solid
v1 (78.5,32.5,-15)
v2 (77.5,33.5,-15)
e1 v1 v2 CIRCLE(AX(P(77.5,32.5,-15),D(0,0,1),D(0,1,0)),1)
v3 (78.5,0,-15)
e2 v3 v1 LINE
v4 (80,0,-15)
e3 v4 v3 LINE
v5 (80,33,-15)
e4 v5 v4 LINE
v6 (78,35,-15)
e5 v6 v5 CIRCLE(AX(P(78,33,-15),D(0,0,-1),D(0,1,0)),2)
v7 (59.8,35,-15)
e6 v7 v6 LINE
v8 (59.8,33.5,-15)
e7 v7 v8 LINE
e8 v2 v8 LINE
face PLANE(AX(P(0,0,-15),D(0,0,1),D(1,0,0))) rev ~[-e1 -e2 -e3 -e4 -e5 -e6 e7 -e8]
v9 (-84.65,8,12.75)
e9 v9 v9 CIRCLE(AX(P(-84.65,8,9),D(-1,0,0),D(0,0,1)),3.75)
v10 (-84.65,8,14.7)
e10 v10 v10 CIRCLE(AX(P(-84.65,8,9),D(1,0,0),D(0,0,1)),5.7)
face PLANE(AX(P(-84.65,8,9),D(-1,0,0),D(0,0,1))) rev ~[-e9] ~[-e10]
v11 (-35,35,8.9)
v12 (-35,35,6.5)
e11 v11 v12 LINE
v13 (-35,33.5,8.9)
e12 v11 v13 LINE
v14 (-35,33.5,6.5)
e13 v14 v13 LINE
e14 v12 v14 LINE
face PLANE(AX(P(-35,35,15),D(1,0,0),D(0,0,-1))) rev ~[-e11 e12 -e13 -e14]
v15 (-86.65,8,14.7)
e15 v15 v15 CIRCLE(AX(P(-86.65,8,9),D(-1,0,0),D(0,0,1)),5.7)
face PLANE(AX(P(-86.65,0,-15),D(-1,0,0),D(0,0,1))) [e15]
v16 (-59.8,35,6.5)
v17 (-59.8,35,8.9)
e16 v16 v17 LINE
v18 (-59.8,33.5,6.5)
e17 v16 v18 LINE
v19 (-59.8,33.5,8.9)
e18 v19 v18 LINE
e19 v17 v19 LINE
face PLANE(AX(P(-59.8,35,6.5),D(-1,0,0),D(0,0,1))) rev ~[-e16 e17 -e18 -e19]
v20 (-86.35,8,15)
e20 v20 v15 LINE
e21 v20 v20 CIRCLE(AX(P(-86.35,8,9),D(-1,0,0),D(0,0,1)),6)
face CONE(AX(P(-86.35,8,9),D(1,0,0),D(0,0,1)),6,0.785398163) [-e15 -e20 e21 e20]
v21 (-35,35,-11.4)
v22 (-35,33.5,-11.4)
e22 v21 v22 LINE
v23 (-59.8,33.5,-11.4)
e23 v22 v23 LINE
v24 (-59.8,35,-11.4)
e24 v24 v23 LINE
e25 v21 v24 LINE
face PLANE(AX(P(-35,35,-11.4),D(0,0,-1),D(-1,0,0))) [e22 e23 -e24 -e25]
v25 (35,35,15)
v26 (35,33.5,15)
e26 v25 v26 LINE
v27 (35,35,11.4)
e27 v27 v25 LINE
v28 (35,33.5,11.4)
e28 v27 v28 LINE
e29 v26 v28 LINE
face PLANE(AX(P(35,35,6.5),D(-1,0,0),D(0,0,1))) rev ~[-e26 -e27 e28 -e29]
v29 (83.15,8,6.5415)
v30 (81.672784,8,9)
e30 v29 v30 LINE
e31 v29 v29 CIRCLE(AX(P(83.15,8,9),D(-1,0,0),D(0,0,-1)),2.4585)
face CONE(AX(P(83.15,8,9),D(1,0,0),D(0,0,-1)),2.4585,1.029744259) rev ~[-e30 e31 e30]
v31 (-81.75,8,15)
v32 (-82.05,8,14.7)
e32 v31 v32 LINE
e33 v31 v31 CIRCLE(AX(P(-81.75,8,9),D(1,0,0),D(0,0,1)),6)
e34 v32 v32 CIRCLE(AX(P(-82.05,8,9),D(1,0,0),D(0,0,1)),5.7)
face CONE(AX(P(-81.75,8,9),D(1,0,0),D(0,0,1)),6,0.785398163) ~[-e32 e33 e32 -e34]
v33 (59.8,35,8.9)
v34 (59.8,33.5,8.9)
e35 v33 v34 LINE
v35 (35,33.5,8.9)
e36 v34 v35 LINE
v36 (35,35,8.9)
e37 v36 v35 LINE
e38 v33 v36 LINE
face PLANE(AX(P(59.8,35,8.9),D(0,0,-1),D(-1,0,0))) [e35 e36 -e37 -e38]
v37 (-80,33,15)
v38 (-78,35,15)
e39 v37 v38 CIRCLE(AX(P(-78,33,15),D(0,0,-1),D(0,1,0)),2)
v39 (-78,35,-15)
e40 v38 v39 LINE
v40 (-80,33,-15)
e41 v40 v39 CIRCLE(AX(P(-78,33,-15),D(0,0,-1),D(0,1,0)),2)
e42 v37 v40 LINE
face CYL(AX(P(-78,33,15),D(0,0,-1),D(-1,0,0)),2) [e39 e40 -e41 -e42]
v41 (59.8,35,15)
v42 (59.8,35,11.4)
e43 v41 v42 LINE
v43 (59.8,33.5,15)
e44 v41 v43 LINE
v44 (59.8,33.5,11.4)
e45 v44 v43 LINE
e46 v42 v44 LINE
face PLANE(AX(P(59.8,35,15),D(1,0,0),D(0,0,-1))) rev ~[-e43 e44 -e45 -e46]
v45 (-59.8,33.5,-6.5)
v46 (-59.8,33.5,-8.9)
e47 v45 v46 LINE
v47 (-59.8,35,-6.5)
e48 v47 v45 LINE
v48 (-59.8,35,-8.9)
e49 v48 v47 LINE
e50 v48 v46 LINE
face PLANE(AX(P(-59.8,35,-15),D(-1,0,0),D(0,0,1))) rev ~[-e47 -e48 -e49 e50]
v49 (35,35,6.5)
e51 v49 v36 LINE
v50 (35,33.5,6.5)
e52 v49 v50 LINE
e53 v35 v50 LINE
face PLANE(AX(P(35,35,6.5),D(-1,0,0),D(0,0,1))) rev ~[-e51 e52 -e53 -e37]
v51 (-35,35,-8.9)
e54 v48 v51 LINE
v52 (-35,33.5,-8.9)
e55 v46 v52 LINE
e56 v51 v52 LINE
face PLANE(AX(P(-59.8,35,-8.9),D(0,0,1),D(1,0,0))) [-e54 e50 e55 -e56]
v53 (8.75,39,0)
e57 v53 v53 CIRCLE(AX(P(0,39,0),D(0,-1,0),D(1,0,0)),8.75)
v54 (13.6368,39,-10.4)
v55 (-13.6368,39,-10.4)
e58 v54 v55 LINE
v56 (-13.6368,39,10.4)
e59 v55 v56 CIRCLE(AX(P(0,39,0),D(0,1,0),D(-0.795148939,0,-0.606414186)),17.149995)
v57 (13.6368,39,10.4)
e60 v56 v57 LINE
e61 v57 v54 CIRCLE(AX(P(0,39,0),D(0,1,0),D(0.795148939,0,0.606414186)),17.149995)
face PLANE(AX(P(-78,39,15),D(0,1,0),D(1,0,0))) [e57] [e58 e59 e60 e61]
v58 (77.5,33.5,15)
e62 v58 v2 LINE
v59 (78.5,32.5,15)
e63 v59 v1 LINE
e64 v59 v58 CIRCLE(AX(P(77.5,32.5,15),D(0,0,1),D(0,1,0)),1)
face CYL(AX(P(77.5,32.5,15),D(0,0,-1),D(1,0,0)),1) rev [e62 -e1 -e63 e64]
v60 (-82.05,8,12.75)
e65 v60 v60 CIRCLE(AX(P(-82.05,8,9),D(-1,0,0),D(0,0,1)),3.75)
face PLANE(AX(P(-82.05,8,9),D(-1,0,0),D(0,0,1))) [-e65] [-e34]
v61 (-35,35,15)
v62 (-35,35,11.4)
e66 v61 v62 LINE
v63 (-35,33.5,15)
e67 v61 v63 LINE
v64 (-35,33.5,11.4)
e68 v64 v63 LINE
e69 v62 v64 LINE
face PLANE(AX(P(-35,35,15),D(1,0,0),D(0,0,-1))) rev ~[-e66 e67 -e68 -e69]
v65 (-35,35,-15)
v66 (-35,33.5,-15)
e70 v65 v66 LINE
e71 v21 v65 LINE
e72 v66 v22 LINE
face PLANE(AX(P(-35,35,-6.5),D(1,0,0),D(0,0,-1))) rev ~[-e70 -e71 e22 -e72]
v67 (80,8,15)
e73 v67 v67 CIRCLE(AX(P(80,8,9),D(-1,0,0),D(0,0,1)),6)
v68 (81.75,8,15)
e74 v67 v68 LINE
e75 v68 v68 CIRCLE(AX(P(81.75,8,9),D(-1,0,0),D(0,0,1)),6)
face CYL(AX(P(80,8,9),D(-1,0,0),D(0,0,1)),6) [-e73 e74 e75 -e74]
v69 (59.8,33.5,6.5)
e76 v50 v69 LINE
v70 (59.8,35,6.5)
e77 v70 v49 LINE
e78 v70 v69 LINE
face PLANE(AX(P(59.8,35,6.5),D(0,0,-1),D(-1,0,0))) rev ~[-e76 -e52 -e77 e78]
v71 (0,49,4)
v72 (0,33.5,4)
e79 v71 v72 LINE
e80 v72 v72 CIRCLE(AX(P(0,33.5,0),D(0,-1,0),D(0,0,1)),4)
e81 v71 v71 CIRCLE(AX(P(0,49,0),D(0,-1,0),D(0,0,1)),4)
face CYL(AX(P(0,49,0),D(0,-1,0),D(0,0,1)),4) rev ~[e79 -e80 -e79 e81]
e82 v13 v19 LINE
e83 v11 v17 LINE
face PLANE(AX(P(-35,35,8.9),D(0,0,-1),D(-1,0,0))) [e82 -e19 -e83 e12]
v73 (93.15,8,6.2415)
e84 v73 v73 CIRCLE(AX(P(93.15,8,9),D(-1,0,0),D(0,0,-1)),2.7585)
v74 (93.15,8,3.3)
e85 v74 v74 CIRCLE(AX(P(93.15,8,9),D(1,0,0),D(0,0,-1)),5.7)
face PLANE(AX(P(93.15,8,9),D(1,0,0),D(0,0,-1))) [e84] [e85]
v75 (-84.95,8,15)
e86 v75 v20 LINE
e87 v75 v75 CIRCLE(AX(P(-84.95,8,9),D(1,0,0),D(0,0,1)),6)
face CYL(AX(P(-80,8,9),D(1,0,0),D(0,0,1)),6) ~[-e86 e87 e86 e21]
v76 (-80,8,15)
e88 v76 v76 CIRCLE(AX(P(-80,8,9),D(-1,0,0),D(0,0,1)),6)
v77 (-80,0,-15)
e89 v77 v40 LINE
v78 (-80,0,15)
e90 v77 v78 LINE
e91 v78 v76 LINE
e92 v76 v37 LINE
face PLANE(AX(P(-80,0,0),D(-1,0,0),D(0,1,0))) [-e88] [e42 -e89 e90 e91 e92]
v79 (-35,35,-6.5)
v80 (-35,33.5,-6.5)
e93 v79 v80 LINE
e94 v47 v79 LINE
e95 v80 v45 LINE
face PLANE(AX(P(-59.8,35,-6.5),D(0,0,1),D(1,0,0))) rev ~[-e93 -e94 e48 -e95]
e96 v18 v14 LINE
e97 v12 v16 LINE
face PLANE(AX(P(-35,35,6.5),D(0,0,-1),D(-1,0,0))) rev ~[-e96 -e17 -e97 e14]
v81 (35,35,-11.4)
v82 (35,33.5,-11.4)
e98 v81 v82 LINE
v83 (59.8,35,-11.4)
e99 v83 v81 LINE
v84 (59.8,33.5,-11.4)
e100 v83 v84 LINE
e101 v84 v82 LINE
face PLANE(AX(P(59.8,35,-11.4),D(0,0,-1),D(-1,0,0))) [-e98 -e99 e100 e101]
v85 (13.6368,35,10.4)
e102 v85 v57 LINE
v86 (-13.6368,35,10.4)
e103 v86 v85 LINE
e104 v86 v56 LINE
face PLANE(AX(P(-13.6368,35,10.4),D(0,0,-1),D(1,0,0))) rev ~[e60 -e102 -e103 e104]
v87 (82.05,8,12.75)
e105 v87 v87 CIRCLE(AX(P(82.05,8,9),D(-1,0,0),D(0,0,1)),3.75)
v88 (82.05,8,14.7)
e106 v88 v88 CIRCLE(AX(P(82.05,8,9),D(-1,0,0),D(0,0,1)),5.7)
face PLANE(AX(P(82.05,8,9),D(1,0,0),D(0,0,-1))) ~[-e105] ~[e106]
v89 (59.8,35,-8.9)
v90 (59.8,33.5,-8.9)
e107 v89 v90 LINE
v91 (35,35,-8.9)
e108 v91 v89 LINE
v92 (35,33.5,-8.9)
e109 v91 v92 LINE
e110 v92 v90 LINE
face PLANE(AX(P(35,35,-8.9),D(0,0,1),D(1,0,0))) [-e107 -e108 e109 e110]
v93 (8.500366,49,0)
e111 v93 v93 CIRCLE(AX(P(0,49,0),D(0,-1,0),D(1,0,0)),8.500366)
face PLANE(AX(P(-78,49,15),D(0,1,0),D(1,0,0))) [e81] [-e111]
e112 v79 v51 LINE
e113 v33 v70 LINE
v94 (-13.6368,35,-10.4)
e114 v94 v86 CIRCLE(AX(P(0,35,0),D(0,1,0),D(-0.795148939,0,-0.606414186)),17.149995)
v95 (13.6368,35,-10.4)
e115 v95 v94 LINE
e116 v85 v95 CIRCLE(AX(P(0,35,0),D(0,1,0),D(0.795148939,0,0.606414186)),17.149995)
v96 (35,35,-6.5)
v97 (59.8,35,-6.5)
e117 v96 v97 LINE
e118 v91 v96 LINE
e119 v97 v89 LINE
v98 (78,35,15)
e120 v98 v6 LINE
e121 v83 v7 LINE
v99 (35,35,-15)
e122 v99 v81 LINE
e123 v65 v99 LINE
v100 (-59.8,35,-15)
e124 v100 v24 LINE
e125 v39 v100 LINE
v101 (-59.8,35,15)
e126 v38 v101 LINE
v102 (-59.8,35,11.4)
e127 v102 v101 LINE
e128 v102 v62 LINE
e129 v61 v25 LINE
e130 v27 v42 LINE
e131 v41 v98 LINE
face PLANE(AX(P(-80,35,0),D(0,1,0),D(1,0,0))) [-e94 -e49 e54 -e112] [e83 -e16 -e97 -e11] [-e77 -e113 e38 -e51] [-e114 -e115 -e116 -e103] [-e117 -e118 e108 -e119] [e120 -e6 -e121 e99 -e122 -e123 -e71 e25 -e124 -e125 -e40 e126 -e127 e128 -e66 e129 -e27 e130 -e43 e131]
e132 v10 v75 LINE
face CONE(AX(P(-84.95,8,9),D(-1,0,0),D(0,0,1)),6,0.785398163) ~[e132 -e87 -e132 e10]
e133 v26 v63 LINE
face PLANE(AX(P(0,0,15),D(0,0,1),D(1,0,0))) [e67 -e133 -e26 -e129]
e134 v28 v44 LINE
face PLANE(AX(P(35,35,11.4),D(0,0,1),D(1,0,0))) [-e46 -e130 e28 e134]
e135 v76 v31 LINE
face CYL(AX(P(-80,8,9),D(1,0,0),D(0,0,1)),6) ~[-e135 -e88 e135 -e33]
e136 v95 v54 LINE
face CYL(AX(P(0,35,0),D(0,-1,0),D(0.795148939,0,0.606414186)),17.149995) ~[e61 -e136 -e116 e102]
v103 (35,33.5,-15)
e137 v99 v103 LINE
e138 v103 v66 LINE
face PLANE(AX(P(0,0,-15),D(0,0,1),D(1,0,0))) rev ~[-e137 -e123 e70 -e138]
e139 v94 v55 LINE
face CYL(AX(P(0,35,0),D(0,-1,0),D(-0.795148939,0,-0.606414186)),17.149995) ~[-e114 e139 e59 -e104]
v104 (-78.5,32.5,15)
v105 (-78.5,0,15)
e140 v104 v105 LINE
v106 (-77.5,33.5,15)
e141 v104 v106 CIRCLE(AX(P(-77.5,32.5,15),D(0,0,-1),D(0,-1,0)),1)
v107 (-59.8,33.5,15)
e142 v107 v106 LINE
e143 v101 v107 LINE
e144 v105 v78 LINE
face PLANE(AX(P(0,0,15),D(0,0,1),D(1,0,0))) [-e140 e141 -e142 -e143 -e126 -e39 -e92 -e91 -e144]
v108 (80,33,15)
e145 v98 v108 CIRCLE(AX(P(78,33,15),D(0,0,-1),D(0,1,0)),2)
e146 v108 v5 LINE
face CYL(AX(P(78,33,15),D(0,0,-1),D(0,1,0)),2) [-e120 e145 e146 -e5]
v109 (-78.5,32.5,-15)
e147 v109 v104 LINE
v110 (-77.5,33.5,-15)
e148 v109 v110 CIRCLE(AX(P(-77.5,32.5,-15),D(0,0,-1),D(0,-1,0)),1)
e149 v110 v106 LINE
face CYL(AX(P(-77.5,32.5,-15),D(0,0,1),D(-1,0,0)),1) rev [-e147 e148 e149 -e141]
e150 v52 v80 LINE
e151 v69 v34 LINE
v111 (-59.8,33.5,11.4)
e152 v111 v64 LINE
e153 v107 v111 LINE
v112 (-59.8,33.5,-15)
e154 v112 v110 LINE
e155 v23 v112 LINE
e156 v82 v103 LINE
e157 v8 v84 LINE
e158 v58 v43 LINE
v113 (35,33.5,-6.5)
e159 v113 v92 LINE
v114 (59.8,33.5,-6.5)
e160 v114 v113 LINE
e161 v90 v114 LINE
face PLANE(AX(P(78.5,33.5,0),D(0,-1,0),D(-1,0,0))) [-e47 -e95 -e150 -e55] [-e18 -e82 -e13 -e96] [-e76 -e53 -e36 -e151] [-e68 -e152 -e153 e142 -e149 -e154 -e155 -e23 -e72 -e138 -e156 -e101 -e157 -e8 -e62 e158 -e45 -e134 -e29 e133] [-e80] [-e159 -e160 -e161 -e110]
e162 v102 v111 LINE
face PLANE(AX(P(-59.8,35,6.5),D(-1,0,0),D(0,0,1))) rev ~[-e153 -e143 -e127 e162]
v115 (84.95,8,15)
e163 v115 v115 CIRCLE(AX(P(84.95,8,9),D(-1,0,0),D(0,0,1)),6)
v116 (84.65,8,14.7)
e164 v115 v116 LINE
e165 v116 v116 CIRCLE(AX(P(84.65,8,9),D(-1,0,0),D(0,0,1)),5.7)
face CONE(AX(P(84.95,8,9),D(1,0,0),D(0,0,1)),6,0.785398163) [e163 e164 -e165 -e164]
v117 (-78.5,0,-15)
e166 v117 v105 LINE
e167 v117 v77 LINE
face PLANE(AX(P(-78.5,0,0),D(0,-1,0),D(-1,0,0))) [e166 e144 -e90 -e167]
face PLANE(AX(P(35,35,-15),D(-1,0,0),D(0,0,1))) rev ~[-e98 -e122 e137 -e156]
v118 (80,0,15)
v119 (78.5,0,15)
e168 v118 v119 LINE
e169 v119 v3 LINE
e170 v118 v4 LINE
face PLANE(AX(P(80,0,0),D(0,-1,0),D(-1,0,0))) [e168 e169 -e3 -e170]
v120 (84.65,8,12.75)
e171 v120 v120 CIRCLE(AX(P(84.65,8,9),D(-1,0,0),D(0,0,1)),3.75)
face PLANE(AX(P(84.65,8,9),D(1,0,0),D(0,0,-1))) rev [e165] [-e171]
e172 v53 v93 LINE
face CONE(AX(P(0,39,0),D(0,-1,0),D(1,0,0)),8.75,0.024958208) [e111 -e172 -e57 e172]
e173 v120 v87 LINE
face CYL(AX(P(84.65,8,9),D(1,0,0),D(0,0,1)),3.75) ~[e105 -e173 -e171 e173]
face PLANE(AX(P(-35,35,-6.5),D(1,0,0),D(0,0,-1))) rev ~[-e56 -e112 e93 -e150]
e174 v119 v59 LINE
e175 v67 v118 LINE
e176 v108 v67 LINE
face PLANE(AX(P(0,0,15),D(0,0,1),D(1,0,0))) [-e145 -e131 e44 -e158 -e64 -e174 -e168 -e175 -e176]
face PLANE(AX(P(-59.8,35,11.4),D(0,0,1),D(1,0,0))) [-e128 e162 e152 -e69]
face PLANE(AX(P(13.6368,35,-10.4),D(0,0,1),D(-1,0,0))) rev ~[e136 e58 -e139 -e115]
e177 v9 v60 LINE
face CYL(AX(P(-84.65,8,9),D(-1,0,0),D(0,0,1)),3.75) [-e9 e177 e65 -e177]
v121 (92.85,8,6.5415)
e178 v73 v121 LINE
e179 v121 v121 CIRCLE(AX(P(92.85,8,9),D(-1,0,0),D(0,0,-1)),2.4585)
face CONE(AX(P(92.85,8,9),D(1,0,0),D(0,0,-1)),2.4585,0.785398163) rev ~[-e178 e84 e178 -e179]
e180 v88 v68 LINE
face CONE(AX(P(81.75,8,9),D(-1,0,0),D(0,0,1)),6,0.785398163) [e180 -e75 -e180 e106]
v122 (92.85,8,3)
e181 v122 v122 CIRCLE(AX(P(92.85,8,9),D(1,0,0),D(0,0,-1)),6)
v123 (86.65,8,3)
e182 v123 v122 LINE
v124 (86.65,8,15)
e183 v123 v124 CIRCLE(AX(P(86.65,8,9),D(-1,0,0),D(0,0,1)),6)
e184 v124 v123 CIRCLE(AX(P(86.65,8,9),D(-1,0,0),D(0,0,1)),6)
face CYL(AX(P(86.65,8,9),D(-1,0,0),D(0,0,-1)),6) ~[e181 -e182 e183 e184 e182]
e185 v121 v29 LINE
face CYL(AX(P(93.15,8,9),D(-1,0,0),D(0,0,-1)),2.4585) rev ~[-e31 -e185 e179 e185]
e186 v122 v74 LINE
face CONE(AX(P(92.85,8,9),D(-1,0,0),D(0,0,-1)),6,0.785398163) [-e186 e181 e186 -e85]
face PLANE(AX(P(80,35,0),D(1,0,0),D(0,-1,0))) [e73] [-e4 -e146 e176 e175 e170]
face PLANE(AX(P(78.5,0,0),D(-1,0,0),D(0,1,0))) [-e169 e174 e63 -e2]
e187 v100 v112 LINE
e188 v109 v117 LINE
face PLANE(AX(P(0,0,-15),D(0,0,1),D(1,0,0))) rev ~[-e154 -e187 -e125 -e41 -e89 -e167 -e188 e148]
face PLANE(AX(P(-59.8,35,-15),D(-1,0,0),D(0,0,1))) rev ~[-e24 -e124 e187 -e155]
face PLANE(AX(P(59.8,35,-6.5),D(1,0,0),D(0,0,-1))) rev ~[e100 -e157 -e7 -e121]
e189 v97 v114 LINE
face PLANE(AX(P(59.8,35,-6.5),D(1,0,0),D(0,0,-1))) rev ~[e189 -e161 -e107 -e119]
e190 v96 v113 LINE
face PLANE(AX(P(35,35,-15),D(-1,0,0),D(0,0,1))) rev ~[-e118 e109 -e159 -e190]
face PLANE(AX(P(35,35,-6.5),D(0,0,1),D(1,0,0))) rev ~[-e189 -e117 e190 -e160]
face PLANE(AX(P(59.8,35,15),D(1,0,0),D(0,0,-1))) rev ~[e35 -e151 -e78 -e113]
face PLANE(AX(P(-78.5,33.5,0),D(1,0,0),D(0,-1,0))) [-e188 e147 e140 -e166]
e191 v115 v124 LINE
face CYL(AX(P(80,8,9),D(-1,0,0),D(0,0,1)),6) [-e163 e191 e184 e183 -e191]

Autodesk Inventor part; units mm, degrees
sketch "Esquisse1" plane through (0, 0, 0) normal (0, 0, 1) x (1, 0, 0)
  line L0 (-80, 0) -> (-80, 35)
  line L1 (-80, 35) -> (80, 35)
  line L2 (80, 35) -> (80, 0)
  line L3 (80, 0) -> (78.5, 0)
  line L4 (78.5, 0) -> (78.5, 33.5)
  line L5 (78.5, 33.5) -> (-78.5, 33.5)
  line L6 (-78.5, 33.5) -> (-78.5, 0)
  line L7 (-78.5, 0) -> (-80, 0)
  point P0 (0, 0)
  point P1 (-79.25, 0)
  point P2 (0, 35)
  point P3 (0, 33.5)
  dimension "d0" = 1.5
  dimension "d1" = 1.5
  dimension "d2" = 160
  dimension "d3" = 35
extrude "Extrusion1" add sketch "Esquisse1" along normal mid plane 30
fillet "Congé1" radius 2 2 edges at (80, 35, 0) (-80, 35, 0)
fillet "Congé1" radius 1 2 edges at (-78.5, 33.5, 0) (78.5, 33.5, 0)
sketch "Esquisse2" plane through (-78, 35, 15) normal (0, 1, 0) x (1, 0, 0)
  line L0 (64.3632, 4.6) -> (91.6368, 4.6)
  line L1 (91.6368, 25.4) -> (64.3632, 25.4)
  arc A0 (64.3632, 25.4) -> (64.3632, 4.6) centre (78, 15) ccw
  arc A1 (91.6368, 4.6) -> (91.6368, 25.4) centre (78, 15) ccw
  point P0 (102.0926, 15)
  dimension "d9" = 20.8
  dimension "d10" = 17.15
  dimension "d11" = 17.15
  dimension "d12" = 10.4
extrude "Extrusion2" add sketch "Esquisse2" along normal blind 4
sketch "Esquisse3" plane through (-78, 39, 15) normal (0, 1, 0) x (1, 0, 0)
  circle A0 centre (78, 15) radius 8.75
  dimension "d15" = 17.5
extrude "Extrusion3" add sketch "Esquisse3" along normal blind 10 draft -1.43
sketch "Esquisse6" plane through (-80, 0, -15) normal (-1, 0, 0) x (0, 0, 1)
  circle A0 centre (24, 8) radius 6
  line L0 (30, 33) -> (30, 0) projected
  point P0 (15, 0)
  dimension "d20" = 12
  dimension "d21" = 8
extrude "Extrusion4" add sketch "Esquisse6" along normal blind 6.65
ref_plane "Plan de construction4" through (-84.65, 8, 9) normal (-1, 0, 0) x (0, 0, 1)
sketch "Esquisse7" plane through (-84.65, 8, 9) normal (-1, 0, 0) x (0, 0, 1)
  circle A0 centre (0, 0) radius 6 construction
  circle A1 centre (0, 0) radius 3.75
  circle A2 centre (0, 0) radius 7
  point P0 (-9, -8)
  point P1 (6, 0)
  dimension "d25" = 7.5
  dimension "d26" = 1
extrude "Extrusion5" cut sketch "Esquisse7" against normal blind 2.6
mirror "Symétrie2" about plane through (0, 0, 0) normal (1, 0, 0) of "Extrusion4", "Extrusion5"
sketch "Esquisse8" plane through (-78, 35, 15) normal (0, 1, 0) x (1, 0, 0)
  line L0 (18.2, 21.5) -> (43, 21.5)
  line L1 (43, 21.5) -> (43, 30)
  line L2 (43, 30) -> (18.2, 30)
  line L3 (18.2, 30) -> (18.2, 21.5)
  line L4 (113, 21.5) -> (137.8, 21.5)
  line L5 (137.8, 21.5) -> (137.8, 30)
  line L6 (137.8, 30) -> (113, 30)
  line L7 (113, 30) -> (113, 21.5)
  line L8 (113, 0) -> (137.8, 0)
  line L9 (137.8, 0) -> (137.8, 8.5)
  line L10 (137.8, 8.5) -> (113, 8.5)
  line L11 (113, 8.5) -> (113, 0)
  line L12 (18.2, 0) -> (43, 0)
  line L13 (43, 0) -> (43, 8.5)
  line L14 (43, 8.5) -> (18.2, 8.5)
  line L15 (18.2, 8.5) -> (18.2, 0)
  line L16 (0, 30) -> (156, 30) projected
  line L17 (156, 0) -> (0, 0) projected
  point P0 (78, 15)
  dimension "d32" = 24.8
  dimension "d33" = 24.8
  dimension "d34" = 70
  dimension "d35" = 35
  dimension "d36" = 8.5
  dimension "d37" = 8.5
extrude "Extrusion6" cut sketch "Esquisse8" against normal through all
sketch "Esquisse9" plane through (78, 35, 15) normal (0, 1, 0) x (1, 0, 0)
  line L0 (-137.8, 23.9) -> (-113, 23.9)
  line L1 (-113, 23.9) -> (-113, 26.4)
  line L2 (-113, 26.4) -> (-137.8, 26.4)
  line L3 (-137.8, 26.4) -> (-137.8, 23.9)
  line L4 (-137.8, 3.6) -> (-113, 3.6)
  line L5 (-113, 3.6) -> (-113, 6.1)
  line L6 (-113, 6.1) -> (-137.8, 6.1)
  line L7 (-137.8, 6.1) -> (-137.8, 3.6)
  line L8 (-43, 23.9) -> (-18.2, 23.9)
  line L9 (-18.2, 23.9) -> (-18.2, 26.4)
  line L10 (-18.2, 26.4) -> (-43, 26.4)
  line L11 (-43, 26.4) -> (-43, 23.9)
  line L12 (-43, 3.6) -> (-18.2, 3.6)
  line L13 (-18.2, 3.6) -> (-18.2, 6.1)
  line L14 (-18.2, 6.1) -> (-43, 6.1)
  line L15 (-43, 6.1) -> (-43, 3.6)
  line L16 (-137.8, 21.5) -> (-137.8, 30) projected
  line L17 (-113, 30) -> (-113, 21.5) projected
  line L18 (-43, 21.5) -> (-43, 30) projected
  line L19 (-18.2, 30) -> (-18.2, 21.5) projected
  line L20 (-113, 21.5) -> (-137.8, 21.5) projected
  line L21 (-137.8, 8.5) -> (-113, 8.5) projected
  point P0 (-78, 15)
  dimension "d40" = 2.5
  dimension "d41" = 2.5
  dimension "d42" = 2.4
  dimension "d43" = 2.4
extrude "Extrusion7" add sketch "Esquisse9" against normal up to surface (1.5 mm away) contours L3 L2 L1 L0 | L7 L6 L5 L4 | L11 L10 L9 L8 | L15 L14 L13 L12
sketch "Esquisse10" plane through (0, 49, 0) normal (0, 1, 0) x (1, 0, 0)
  point P0 (0, 0)
  point P1 (0, 0)
hole "Perçage1" at (0, 49, 0) direction (0, -1, 0) diameter 8 end through all
ref_plane "Plan de construction5" through (-78, 34.25, 15) normal (0, 1, 0) x (1, 0, 0)
sketch "Esquisse11" plane through (-78, 34.25, 15) normal (0, 1, 0) x (1, 0, 0)
  line L0 (18.2, 23.9) -> (43, 23.9) construction
  line L1 (43, 26.4) -> (18.2, 26.4) construction
  line L2 (18.2, 3.6) -> (43, 3.6) construction
  line L3 (43, 6.1) -> (18.2, 6.1) construction
  line L4 (-59.7354, 25.15) -> (184.2548, 25.15)
  line L5 (-24.0556, 4.85) -> (192.1599, 4.85)
  point P0 (78, 15)
  dimension "d53" = 2.5
  dimension "d54" = 2.5
  dimension "d55" = 1.25
  dimension "d56" = 1.25
ref_plane "Plan de construction6" through (86.65, 8, 9) normal (1, 0, 0) x (0, 0, -1)
sketch "Esquisse13" plane through (86.65, 8, 9) normal (1, 0, 0) x (0, 0, -1)
  circle A0 centre (0, 0) radius 6
  circle A1 centre (0, 0) radius 6 construction
  point P0 (9, -8)
extrude "Extrusion8" add sketch "Esquisse13" along normal blind 6.5
sketch "Esquisse14" plane through (93.15, 8, 9) normal (1, 0, 0) x (0, 0, -1)
  circle A0 centre (0, 0) radius 6 construction
  point P0 (9, -8)
hole "Perçage2" at (93.15, 8, 9) direction (-1, 0, 0) diameter 4.917 depth 10 tip angle 118 thread size "M6x1" class "6H" standard "ISO Metric profile"
chamfer "Chanfrein2" distance 0.3 angle 45 7 edges at (93.15, 8, 15) (93.15, 8, 11.4585) (84.65, 8, 3) (82.05, 8, 3) (-84.65, 8, 3) (-86.65, 8, 3) (-82.05, 8, 3)
equation "\"d1\" = d0"
equation "\"d11\" = d10"
equation "\"d12\" = 0.5 * d9"
equation "\"d33\" = d32"
equation "\"d35\" = 0.5 * d34"
equation "\"d37\" = d36"
equation "\"d41\" = d40"
equation "\"d43\" = d42"
equation "\"d55\" = 0.5 * d53"
equation "\"d56\" = 0.5 * d54"
equation "\"nombredor\" = 1.61803"
equation "\"pi\" = 3.141593"
properties part number "Maintient courvercle" material "Acier inoxydable"
